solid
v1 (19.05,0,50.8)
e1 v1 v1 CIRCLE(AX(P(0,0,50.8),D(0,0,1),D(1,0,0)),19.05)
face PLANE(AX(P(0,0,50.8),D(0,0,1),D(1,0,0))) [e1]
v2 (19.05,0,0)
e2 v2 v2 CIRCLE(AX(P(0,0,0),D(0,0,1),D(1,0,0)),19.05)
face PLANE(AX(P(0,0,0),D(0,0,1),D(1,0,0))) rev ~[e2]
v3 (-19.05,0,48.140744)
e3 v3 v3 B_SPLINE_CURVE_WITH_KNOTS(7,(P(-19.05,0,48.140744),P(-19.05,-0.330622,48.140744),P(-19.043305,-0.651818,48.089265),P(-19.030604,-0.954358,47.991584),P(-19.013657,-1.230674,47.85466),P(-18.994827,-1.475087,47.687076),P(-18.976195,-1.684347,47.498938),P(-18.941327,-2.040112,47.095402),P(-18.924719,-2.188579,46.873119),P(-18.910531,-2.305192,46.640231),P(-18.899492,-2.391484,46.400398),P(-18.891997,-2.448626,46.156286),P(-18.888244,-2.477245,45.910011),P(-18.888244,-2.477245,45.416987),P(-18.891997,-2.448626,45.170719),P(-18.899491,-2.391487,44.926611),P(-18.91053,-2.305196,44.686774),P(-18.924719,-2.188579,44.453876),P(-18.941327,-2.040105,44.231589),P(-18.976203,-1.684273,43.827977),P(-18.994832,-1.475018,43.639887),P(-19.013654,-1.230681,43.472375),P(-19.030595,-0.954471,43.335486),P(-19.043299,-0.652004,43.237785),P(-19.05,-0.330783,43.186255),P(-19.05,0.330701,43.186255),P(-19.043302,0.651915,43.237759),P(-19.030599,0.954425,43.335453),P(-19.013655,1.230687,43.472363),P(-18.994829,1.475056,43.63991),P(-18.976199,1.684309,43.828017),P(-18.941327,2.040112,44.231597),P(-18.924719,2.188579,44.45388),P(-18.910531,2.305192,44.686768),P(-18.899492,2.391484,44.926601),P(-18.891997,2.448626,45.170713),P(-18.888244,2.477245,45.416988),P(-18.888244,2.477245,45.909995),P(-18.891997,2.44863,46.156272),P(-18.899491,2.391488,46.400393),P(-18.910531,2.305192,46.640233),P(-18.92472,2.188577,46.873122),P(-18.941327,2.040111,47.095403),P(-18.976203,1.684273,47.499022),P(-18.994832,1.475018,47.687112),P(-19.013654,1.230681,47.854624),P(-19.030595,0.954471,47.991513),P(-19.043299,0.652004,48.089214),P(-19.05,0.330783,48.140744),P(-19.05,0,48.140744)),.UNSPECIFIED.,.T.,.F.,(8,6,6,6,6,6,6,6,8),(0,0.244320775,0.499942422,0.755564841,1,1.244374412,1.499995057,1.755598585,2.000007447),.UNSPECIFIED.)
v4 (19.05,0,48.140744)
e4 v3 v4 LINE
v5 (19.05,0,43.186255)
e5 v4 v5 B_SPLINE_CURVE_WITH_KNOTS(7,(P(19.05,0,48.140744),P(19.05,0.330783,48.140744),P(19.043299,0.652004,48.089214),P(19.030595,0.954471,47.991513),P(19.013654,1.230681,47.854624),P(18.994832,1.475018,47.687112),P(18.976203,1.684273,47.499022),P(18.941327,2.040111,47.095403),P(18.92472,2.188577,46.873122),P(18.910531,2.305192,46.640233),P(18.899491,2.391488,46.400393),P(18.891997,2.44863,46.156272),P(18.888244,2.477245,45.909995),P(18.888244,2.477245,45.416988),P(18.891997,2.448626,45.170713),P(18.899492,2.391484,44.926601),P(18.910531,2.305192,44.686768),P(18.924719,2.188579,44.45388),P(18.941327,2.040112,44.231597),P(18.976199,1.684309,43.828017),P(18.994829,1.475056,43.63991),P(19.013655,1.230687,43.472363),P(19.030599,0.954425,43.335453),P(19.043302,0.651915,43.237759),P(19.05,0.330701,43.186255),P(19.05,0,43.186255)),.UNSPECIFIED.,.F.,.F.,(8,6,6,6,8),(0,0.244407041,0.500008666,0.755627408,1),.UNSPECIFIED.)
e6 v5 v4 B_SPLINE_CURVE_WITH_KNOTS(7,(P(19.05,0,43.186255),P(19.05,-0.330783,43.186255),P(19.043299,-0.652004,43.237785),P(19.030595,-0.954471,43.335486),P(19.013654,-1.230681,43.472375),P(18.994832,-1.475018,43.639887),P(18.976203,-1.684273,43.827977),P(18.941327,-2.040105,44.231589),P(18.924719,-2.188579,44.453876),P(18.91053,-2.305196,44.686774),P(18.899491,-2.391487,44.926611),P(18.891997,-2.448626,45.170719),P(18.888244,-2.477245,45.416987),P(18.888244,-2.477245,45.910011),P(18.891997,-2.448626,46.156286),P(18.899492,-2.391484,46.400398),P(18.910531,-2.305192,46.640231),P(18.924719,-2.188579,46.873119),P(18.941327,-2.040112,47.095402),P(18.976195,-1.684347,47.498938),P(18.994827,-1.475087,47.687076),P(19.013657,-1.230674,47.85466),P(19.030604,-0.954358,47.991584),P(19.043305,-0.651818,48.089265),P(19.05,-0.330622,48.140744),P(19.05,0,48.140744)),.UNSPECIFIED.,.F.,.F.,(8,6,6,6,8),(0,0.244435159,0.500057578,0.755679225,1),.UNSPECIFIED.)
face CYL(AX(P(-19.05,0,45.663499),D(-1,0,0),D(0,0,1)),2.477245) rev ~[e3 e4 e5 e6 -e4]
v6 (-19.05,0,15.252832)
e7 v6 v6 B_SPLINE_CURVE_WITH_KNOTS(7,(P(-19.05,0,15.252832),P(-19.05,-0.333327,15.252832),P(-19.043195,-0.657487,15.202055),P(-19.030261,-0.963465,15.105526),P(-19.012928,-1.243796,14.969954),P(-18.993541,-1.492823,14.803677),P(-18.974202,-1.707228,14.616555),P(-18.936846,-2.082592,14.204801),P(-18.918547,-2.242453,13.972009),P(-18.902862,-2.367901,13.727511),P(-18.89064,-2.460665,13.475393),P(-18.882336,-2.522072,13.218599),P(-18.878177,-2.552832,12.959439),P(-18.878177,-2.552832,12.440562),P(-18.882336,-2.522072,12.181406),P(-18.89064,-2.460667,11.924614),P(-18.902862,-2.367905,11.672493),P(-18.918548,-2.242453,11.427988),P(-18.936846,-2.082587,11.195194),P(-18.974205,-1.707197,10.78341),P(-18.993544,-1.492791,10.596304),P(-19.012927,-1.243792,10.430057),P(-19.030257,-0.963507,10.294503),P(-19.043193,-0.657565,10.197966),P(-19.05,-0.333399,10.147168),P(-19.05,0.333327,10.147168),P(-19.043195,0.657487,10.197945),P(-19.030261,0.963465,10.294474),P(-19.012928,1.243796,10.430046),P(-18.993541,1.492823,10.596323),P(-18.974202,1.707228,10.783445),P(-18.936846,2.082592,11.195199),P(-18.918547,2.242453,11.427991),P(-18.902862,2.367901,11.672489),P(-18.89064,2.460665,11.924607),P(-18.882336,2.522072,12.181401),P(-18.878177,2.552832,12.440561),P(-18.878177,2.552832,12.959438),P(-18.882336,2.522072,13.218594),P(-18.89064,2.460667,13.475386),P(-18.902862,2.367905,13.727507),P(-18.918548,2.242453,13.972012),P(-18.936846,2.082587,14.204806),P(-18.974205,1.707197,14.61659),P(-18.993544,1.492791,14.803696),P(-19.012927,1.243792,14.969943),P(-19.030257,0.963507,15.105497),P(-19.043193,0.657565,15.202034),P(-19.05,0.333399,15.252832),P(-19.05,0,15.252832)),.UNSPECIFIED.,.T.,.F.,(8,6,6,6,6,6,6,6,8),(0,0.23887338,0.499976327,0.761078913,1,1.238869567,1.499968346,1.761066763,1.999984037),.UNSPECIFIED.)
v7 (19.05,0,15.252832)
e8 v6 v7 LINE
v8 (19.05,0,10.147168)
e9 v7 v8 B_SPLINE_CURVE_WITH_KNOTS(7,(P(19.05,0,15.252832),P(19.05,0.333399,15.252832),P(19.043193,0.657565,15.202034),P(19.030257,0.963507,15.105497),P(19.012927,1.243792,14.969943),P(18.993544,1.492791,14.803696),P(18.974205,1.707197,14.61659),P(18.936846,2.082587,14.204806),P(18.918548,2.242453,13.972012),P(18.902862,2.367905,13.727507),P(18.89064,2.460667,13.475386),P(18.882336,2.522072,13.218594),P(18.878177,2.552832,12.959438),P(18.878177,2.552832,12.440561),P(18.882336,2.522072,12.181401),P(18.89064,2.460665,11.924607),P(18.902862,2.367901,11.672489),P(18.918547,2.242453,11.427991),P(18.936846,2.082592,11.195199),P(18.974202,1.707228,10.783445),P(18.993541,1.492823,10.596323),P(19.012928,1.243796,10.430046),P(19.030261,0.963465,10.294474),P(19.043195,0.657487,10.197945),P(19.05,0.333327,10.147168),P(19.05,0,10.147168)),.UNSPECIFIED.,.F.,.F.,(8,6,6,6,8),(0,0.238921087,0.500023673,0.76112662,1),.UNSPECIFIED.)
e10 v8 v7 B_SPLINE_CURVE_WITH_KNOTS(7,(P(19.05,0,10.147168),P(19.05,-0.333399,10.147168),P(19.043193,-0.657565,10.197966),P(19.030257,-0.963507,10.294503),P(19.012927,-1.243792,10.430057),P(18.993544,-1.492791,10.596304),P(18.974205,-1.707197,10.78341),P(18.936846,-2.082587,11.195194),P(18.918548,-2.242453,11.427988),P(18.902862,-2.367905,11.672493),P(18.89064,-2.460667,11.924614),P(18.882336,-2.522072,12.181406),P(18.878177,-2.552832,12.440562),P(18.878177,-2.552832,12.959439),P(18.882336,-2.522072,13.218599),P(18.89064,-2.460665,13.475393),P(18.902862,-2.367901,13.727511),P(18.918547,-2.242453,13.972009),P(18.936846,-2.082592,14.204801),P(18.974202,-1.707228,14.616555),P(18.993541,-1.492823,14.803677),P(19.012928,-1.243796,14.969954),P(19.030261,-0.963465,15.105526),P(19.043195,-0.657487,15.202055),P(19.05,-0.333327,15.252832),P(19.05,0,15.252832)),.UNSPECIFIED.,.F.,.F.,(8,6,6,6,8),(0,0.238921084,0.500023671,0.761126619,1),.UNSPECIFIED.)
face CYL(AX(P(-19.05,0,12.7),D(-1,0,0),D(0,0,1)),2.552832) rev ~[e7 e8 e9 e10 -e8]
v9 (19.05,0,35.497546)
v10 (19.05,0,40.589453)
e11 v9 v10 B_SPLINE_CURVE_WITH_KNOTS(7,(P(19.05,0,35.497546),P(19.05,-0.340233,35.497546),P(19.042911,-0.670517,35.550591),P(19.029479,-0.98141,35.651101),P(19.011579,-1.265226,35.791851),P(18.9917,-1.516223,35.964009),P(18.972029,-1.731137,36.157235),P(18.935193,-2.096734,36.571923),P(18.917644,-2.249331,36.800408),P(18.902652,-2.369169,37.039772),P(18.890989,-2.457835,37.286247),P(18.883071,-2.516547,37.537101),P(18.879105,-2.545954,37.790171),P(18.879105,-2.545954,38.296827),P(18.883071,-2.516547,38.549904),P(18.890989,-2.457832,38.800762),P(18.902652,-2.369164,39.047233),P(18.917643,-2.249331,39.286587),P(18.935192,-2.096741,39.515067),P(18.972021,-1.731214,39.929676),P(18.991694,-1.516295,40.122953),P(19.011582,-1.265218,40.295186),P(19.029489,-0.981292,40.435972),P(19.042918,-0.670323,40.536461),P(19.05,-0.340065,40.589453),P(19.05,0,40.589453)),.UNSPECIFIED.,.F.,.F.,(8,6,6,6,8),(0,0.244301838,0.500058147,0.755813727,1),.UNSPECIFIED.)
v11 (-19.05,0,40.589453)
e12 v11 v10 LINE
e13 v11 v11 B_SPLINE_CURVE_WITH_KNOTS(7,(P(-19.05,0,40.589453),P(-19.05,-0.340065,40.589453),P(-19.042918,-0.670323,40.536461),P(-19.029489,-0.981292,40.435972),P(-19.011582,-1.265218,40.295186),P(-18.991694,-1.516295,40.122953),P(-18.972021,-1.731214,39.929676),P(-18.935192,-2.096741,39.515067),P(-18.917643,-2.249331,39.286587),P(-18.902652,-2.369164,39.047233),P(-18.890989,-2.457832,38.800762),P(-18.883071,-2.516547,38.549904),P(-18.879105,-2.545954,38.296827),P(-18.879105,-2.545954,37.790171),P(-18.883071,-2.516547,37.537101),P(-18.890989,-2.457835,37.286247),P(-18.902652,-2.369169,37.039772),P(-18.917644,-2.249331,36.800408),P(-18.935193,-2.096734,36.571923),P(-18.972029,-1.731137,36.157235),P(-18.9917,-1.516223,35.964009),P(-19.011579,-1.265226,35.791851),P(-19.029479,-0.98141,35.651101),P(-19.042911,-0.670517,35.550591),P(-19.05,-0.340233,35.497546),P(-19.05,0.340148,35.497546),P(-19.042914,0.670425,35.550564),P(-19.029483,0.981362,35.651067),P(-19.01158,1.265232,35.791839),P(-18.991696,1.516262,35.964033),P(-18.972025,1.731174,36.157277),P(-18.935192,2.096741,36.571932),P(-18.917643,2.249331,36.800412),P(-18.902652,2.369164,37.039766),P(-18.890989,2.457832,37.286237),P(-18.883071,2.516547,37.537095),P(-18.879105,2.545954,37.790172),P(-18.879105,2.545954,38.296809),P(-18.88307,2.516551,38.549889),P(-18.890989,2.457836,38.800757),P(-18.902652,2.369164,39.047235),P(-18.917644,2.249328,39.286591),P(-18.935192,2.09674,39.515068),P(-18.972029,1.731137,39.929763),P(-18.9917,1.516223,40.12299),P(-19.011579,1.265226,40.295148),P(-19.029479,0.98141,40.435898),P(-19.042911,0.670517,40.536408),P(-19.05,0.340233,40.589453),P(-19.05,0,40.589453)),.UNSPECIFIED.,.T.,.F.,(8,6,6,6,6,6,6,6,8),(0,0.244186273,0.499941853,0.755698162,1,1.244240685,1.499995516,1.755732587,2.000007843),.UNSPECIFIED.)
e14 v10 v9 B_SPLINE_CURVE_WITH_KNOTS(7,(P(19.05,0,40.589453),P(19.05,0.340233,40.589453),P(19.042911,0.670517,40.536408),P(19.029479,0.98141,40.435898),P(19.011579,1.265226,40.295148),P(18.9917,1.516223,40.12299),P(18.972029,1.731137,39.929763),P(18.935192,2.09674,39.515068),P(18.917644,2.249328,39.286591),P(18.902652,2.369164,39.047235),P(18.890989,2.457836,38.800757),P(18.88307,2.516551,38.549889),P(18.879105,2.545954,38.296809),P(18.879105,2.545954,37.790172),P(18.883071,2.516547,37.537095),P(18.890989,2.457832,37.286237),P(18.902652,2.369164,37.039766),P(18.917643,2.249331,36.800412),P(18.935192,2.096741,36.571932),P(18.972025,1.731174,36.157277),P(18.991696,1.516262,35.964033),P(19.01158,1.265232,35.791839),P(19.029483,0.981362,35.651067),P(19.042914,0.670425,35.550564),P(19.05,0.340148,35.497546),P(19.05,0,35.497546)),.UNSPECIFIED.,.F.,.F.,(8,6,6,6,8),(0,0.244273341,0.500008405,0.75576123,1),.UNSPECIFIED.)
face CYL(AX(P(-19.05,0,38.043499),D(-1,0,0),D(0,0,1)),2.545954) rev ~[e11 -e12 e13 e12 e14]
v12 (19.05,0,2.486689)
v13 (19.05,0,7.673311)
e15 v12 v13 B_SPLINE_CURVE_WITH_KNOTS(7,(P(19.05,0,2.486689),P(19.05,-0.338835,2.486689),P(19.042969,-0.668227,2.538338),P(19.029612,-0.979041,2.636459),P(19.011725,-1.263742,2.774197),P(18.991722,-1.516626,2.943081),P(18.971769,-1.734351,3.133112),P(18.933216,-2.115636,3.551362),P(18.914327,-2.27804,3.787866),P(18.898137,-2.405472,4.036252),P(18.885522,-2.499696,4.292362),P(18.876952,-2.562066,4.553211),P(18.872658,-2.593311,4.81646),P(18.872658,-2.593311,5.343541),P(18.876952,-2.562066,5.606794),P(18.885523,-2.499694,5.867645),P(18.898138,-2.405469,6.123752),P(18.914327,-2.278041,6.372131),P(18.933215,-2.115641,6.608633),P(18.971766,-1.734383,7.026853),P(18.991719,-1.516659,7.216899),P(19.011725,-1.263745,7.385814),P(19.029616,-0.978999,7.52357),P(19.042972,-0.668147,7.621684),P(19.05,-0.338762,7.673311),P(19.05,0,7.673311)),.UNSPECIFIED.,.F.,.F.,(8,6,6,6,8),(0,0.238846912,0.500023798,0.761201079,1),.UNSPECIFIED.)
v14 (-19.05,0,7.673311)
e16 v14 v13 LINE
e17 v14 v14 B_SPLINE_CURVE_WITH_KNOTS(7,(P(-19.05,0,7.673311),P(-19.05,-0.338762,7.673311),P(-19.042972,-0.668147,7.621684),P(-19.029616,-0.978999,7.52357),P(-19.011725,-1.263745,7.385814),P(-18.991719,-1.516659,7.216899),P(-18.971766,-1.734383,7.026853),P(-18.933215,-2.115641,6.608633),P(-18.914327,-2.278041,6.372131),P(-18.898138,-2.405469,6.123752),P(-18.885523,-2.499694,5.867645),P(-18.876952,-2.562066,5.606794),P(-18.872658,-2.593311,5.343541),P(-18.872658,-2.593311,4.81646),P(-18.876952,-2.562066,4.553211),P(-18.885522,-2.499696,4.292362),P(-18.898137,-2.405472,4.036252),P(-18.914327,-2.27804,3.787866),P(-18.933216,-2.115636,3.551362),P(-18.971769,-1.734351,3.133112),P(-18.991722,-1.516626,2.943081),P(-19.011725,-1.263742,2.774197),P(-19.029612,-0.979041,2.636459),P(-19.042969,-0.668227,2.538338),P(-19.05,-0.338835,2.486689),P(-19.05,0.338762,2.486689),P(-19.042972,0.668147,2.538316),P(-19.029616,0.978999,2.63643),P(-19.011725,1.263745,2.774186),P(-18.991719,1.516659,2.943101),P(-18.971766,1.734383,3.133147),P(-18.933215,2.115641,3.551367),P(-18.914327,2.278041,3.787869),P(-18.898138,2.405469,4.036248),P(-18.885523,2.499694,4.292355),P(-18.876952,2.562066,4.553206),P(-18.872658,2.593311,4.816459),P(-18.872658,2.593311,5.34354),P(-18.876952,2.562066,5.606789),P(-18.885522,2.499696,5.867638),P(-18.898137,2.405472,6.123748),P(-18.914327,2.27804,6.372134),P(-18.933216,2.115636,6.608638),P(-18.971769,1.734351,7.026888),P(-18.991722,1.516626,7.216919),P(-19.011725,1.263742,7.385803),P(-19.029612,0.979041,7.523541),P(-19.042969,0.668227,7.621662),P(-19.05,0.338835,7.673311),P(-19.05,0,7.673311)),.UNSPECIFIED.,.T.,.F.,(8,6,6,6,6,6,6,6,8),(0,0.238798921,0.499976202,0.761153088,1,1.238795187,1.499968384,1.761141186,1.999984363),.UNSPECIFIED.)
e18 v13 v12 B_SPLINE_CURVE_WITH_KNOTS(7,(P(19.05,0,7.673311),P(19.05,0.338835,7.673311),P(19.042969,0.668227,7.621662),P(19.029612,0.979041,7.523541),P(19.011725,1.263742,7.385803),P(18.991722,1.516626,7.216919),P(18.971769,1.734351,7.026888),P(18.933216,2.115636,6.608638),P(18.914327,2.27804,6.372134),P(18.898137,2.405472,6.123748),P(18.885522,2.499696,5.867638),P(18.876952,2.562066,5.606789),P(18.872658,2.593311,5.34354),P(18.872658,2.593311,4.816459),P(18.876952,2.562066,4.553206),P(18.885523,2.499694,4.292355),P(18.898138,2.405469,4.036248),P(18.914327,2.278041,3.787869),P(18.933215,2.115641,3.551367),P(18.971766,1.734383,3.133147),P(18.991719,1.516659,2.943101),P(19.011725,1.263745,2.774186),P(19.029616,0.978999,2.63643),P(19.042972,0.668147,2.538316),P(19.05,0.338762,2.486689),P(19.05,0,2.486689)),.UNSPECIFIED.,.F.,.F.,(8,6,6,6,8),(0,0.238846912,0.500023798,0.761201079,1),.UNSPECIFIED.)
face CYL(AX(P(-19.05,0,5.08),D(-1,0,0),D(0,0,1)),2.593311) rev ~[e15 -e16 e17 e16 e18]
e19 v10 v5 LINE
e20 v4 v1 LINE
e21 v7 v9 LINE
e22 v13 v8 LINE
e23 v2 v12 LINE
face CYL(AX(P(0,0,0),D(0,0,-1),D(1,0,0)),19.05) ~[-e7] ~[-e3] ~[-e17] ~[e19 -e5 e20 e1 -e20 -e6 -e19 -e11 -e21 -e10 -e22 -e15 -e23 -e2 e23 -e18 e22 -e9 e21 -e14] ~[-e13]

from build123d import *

# Parameters (mm, degrees)
SKETCH2_R           = 19.05
BOSS_EXTRUDE1_DEPTH = 50.8
SKETCH3_R           = 2.593311049
SKETCH3_R_2         = 2.552831608
SKETCH3_R_3         = 2.477244579
SKETCH3_R_4         = 2.54595384
CUT_EXTRUDE1_DEPTH  = 67.295946332


with BuildPart() as part:
    # Sketch2 → Boss-Extrude1 (new body)
    with BuildSketch(Plane.XY):
        Circle(SKETCH2_R)
    extrude(amount=BOSS_EXTRUDE1_DEPTH)

    # Sketch3 → Cut-Extrude1 (cut, through all)
    with BuildSketch(Plane.ZY.offset(19.05)):
        with Locations((5.08, 0)):
            Circle(SKETCH3_R)
        with Locations((12.7, 0)):
            Circle(SKETCH3_R_2)
        with Locations((45.663499475, 0)):
            Circle(SKETCH3_R_3)
        with Locations((38.043499475, 0)):
            Circle(SKETCH3_R_4)
    extrude(amount=-CUT_EXTRUDE1_DEPTH, mode=Mode.SUBTRACT)


solid = part.part
